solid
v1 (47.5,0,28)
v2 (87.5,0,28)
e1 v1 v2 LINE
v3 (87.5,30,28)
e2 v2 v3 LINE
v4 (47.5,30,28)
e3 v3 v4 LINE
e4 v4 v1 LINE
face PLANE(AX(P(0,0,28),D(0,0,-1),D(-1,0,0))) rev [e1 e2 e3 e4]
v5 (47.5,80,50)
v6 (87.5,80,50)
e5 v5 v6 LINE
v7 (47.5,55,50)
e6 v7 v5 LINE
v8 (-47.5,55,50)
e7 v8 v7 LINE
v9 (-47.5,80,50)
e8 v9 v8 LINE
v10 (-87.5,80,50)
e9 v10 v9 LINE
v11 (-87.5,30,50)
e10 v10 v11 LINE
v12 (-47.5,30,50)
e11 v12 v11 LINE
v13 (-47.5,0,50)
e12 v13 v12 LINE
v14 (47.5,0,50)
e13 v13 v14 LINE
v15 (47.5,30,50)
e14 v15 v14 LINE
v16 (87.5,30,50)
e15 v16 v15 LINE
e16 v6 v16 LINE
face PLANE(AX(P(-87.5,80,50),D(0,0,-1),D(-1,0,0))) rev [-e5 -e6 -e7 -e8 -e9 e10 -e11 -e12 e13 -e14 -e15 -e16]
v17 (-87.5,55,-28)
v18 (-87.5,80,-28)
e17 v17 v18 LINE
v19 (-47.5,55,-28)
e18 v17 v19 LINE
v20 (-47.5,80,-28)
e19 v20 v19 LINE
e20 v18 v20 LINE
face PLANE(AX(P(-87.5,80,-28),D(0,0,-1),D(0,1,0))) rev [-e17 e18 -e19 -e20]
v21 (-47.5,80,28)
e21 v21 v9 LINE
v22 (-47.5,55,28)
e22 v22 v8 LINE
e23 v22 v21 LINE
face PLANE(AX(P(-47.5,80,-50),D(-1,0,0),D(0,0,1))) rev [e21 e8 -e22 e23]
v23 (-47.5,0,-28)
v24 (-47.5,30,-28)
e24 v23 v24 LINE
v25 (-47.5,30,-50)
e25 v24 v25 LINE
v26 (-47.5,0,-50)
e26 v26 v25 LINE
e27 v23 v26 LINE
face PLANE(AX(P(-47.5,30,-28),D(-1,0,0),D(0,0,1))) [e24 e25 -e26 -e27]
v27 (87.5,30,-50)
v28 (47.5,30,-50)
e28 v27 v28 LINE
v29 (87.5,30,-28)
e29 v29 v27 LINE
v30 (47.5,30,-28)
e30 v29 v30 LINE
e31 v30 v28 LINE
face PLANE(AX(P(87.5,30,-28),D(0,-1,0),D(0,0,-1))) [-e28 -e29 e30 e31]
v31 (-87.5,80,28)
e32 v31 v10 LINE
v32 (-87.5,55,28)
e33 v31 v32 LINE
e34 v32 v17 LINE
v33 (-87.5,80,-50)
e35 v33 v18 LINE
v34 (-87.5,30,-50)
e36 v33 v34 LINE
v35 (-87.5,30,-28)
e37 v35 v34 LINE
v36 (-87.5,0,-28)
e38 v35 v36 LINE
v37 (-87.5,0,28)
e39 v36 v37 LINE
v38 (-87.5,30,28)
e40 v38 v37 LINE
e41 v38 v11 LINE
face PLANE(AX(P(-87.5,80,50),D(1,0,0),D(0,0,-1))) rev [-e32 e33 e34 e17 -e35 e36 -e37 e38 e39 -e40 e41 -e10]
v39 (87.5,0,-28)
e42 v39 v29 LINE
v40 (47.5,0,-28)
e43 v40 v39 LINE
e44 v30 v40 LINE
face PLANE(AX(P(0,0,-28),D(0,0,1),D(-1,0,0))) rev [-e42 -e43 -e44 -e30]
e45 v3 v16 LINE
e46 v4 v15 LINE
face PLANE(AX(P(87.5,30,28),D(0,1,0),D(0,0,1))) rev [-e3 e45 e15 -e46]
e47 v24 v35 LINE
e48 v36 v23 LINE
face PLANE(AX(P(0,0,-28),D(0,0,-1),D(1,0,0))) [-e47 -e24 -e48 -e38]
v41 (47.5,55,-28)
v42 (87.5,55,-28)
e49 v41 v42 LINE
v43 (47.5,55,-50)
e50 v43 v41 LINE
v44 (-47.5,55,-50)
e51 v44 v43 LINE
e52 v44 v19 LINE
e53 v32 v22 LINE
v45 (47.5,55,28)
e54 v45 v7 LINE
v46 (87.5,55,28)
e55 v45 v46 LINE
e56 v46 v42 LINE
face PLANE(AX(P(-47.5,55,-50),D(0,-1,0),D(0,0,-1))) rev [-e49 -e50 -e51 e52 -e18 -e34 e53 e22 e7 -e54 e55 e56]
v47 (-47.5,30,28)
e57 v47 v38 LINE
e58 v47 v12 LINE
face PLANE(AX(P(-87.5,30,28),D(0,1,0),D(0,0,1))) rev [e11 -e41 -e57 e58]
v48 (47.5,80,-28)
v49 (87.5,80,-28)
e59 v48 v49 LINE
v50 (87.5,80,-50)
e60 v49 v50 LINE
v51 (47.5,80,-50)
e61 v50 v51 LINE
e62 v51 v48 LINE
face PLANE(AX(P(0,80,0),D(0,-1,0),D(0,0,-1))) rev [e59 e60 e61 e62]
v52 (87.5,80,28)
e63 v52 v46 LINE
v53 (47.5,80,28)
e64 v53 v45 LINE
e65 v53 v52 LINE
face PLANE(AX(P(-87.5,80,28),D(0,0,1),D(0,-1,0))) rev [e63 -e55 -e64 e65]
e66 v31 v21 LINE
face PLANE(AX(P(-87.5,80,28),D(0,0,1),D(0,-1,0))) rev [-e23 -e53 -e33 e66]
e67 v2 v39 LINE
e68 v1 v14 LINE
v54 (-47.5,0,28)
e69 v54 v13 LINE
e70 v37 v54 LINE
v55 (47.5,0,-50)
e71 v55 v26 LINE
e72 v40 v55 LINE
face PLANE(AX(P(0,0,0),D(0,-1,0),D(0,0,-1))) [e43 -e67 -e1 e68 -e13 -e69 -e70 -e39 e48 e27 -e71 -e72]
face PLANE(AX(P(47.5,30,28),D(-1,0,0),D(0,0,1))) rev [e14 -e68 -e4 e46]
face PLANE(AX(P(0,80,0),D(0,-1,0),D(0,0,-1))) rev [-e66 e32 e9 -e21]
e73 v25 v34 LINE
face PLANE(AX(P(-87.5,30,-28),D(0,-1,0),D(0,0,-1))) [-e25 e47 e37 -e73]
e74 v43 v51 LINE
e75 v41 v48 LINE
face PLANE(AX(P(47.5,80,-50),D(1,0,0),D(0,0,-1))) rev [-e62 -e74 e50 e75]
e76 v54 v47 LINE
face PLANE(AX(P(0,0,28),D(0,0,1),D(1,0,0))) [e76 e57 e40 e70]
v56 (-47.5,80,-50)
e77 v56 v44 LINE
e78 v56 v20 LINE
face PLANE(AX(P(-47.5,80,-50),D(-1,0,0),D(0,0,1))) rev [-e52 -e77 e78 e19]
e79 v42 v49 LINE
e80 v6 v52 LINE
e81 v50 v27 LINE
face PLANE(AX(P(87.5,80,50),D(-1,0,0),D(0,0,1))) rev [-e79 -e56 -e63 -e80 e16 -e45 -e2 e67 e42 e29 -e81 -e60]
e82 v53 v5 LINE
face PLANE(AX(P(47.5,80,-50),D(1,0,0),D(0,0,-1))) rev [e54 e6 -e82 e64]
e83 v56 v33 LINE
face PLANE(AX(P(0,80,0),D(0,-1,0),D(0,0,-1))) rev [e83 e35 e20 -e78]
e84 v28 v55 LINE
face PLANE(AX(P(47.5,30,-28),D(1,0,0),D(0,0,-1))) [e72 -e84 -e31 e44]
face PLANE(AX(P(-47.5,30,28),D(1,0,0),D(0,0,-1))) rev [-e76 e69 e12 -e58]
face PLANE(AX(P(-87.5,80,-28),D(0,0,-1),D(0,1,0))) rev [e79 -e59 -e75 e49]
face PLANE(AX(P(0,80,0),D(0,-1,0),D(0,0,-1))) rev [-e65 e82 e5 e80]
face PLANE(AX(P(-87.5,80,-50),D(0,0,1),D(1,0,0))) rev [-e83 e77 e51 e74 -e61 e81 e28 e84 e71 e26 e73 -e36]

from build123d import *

# Parameters (mm, degrees)
SKETCH1_W           = 175
SKETCH1_H           = 100
BOSS_EXTRUDE1_DEPTH = 80
SKETCH2_W           = 95
SKETCH2_H           = 25
CUT_EXTRUDE1_DEPTH  = 101
SKETCH3_W           = 56
SKETCH3_H           = 25
CUT_EXTRUDE2_DEPTH  = 176
SKETCH4_W           = 40
SKETCH4_H           = 30
CUT_EXTRUDE3_DEPTH  = 22


with BuildPart() as part:
    # Sketch1 → Boss-Extrude1 (new body)
    with BuildSketch(Plane(origin=(0, 0, 0), x_dir=(1, 0, 0), z_dir=(0, 1, 0))):
        Rectangle(SKETCH1_W, SKETCH1_H)
    extrude(amount=BOSS_EXTRUDE1_DEPTH)

    # Sketch2 → Cut-Extrude1 (cut, through all)
    with BuildSketch(Plane.XY.offset(50)):
        with Locations((0, 67.5)):
            Rectangle(SKETCH2_W, SKETCH2_H)
    extrude(amount=-CUT_EXTRUDE1_DEPTH, mode=Mode.SUBTRACT)

    # Sketch3 → Cut-Extrude2 (cut, through all)
    with BuildSketch(Plane(origin=(87.5, 0, 0), x_dir=(0, 0, -1), z_dir=(1, 0, 0))):
        with Locations((0, 67.5)):
            Rectangle(SKETCH3_W, SKETCH3_H)
    extrude(amount=-CUT_EXTRUDE2_DEPTH, mode=Mode.SUBTRACT)

    # Sketch4 → Cut-Extrude3 (cut)
    with BuildSketch(Plane.XY.offset(50)):
        with Locations((-67.5, 15)):
            Rectangle(SKETCH4_W, SKETCH4_H)
        with Locations((67.5, 15)):
            Rectangle(SKETCH4_W, SKETCH4_H)
    cut_extrude3 = extrude(amount=-CUT_EXTRUDE3_DEPTH, mode=Mode.SUBTRACT)

    # Mirror1: Cut-Extrude3 across plane
    add(cut_extrude3.mirror(Plane.XY), mode=Mode.SUBTRACT)


solid = part.part
